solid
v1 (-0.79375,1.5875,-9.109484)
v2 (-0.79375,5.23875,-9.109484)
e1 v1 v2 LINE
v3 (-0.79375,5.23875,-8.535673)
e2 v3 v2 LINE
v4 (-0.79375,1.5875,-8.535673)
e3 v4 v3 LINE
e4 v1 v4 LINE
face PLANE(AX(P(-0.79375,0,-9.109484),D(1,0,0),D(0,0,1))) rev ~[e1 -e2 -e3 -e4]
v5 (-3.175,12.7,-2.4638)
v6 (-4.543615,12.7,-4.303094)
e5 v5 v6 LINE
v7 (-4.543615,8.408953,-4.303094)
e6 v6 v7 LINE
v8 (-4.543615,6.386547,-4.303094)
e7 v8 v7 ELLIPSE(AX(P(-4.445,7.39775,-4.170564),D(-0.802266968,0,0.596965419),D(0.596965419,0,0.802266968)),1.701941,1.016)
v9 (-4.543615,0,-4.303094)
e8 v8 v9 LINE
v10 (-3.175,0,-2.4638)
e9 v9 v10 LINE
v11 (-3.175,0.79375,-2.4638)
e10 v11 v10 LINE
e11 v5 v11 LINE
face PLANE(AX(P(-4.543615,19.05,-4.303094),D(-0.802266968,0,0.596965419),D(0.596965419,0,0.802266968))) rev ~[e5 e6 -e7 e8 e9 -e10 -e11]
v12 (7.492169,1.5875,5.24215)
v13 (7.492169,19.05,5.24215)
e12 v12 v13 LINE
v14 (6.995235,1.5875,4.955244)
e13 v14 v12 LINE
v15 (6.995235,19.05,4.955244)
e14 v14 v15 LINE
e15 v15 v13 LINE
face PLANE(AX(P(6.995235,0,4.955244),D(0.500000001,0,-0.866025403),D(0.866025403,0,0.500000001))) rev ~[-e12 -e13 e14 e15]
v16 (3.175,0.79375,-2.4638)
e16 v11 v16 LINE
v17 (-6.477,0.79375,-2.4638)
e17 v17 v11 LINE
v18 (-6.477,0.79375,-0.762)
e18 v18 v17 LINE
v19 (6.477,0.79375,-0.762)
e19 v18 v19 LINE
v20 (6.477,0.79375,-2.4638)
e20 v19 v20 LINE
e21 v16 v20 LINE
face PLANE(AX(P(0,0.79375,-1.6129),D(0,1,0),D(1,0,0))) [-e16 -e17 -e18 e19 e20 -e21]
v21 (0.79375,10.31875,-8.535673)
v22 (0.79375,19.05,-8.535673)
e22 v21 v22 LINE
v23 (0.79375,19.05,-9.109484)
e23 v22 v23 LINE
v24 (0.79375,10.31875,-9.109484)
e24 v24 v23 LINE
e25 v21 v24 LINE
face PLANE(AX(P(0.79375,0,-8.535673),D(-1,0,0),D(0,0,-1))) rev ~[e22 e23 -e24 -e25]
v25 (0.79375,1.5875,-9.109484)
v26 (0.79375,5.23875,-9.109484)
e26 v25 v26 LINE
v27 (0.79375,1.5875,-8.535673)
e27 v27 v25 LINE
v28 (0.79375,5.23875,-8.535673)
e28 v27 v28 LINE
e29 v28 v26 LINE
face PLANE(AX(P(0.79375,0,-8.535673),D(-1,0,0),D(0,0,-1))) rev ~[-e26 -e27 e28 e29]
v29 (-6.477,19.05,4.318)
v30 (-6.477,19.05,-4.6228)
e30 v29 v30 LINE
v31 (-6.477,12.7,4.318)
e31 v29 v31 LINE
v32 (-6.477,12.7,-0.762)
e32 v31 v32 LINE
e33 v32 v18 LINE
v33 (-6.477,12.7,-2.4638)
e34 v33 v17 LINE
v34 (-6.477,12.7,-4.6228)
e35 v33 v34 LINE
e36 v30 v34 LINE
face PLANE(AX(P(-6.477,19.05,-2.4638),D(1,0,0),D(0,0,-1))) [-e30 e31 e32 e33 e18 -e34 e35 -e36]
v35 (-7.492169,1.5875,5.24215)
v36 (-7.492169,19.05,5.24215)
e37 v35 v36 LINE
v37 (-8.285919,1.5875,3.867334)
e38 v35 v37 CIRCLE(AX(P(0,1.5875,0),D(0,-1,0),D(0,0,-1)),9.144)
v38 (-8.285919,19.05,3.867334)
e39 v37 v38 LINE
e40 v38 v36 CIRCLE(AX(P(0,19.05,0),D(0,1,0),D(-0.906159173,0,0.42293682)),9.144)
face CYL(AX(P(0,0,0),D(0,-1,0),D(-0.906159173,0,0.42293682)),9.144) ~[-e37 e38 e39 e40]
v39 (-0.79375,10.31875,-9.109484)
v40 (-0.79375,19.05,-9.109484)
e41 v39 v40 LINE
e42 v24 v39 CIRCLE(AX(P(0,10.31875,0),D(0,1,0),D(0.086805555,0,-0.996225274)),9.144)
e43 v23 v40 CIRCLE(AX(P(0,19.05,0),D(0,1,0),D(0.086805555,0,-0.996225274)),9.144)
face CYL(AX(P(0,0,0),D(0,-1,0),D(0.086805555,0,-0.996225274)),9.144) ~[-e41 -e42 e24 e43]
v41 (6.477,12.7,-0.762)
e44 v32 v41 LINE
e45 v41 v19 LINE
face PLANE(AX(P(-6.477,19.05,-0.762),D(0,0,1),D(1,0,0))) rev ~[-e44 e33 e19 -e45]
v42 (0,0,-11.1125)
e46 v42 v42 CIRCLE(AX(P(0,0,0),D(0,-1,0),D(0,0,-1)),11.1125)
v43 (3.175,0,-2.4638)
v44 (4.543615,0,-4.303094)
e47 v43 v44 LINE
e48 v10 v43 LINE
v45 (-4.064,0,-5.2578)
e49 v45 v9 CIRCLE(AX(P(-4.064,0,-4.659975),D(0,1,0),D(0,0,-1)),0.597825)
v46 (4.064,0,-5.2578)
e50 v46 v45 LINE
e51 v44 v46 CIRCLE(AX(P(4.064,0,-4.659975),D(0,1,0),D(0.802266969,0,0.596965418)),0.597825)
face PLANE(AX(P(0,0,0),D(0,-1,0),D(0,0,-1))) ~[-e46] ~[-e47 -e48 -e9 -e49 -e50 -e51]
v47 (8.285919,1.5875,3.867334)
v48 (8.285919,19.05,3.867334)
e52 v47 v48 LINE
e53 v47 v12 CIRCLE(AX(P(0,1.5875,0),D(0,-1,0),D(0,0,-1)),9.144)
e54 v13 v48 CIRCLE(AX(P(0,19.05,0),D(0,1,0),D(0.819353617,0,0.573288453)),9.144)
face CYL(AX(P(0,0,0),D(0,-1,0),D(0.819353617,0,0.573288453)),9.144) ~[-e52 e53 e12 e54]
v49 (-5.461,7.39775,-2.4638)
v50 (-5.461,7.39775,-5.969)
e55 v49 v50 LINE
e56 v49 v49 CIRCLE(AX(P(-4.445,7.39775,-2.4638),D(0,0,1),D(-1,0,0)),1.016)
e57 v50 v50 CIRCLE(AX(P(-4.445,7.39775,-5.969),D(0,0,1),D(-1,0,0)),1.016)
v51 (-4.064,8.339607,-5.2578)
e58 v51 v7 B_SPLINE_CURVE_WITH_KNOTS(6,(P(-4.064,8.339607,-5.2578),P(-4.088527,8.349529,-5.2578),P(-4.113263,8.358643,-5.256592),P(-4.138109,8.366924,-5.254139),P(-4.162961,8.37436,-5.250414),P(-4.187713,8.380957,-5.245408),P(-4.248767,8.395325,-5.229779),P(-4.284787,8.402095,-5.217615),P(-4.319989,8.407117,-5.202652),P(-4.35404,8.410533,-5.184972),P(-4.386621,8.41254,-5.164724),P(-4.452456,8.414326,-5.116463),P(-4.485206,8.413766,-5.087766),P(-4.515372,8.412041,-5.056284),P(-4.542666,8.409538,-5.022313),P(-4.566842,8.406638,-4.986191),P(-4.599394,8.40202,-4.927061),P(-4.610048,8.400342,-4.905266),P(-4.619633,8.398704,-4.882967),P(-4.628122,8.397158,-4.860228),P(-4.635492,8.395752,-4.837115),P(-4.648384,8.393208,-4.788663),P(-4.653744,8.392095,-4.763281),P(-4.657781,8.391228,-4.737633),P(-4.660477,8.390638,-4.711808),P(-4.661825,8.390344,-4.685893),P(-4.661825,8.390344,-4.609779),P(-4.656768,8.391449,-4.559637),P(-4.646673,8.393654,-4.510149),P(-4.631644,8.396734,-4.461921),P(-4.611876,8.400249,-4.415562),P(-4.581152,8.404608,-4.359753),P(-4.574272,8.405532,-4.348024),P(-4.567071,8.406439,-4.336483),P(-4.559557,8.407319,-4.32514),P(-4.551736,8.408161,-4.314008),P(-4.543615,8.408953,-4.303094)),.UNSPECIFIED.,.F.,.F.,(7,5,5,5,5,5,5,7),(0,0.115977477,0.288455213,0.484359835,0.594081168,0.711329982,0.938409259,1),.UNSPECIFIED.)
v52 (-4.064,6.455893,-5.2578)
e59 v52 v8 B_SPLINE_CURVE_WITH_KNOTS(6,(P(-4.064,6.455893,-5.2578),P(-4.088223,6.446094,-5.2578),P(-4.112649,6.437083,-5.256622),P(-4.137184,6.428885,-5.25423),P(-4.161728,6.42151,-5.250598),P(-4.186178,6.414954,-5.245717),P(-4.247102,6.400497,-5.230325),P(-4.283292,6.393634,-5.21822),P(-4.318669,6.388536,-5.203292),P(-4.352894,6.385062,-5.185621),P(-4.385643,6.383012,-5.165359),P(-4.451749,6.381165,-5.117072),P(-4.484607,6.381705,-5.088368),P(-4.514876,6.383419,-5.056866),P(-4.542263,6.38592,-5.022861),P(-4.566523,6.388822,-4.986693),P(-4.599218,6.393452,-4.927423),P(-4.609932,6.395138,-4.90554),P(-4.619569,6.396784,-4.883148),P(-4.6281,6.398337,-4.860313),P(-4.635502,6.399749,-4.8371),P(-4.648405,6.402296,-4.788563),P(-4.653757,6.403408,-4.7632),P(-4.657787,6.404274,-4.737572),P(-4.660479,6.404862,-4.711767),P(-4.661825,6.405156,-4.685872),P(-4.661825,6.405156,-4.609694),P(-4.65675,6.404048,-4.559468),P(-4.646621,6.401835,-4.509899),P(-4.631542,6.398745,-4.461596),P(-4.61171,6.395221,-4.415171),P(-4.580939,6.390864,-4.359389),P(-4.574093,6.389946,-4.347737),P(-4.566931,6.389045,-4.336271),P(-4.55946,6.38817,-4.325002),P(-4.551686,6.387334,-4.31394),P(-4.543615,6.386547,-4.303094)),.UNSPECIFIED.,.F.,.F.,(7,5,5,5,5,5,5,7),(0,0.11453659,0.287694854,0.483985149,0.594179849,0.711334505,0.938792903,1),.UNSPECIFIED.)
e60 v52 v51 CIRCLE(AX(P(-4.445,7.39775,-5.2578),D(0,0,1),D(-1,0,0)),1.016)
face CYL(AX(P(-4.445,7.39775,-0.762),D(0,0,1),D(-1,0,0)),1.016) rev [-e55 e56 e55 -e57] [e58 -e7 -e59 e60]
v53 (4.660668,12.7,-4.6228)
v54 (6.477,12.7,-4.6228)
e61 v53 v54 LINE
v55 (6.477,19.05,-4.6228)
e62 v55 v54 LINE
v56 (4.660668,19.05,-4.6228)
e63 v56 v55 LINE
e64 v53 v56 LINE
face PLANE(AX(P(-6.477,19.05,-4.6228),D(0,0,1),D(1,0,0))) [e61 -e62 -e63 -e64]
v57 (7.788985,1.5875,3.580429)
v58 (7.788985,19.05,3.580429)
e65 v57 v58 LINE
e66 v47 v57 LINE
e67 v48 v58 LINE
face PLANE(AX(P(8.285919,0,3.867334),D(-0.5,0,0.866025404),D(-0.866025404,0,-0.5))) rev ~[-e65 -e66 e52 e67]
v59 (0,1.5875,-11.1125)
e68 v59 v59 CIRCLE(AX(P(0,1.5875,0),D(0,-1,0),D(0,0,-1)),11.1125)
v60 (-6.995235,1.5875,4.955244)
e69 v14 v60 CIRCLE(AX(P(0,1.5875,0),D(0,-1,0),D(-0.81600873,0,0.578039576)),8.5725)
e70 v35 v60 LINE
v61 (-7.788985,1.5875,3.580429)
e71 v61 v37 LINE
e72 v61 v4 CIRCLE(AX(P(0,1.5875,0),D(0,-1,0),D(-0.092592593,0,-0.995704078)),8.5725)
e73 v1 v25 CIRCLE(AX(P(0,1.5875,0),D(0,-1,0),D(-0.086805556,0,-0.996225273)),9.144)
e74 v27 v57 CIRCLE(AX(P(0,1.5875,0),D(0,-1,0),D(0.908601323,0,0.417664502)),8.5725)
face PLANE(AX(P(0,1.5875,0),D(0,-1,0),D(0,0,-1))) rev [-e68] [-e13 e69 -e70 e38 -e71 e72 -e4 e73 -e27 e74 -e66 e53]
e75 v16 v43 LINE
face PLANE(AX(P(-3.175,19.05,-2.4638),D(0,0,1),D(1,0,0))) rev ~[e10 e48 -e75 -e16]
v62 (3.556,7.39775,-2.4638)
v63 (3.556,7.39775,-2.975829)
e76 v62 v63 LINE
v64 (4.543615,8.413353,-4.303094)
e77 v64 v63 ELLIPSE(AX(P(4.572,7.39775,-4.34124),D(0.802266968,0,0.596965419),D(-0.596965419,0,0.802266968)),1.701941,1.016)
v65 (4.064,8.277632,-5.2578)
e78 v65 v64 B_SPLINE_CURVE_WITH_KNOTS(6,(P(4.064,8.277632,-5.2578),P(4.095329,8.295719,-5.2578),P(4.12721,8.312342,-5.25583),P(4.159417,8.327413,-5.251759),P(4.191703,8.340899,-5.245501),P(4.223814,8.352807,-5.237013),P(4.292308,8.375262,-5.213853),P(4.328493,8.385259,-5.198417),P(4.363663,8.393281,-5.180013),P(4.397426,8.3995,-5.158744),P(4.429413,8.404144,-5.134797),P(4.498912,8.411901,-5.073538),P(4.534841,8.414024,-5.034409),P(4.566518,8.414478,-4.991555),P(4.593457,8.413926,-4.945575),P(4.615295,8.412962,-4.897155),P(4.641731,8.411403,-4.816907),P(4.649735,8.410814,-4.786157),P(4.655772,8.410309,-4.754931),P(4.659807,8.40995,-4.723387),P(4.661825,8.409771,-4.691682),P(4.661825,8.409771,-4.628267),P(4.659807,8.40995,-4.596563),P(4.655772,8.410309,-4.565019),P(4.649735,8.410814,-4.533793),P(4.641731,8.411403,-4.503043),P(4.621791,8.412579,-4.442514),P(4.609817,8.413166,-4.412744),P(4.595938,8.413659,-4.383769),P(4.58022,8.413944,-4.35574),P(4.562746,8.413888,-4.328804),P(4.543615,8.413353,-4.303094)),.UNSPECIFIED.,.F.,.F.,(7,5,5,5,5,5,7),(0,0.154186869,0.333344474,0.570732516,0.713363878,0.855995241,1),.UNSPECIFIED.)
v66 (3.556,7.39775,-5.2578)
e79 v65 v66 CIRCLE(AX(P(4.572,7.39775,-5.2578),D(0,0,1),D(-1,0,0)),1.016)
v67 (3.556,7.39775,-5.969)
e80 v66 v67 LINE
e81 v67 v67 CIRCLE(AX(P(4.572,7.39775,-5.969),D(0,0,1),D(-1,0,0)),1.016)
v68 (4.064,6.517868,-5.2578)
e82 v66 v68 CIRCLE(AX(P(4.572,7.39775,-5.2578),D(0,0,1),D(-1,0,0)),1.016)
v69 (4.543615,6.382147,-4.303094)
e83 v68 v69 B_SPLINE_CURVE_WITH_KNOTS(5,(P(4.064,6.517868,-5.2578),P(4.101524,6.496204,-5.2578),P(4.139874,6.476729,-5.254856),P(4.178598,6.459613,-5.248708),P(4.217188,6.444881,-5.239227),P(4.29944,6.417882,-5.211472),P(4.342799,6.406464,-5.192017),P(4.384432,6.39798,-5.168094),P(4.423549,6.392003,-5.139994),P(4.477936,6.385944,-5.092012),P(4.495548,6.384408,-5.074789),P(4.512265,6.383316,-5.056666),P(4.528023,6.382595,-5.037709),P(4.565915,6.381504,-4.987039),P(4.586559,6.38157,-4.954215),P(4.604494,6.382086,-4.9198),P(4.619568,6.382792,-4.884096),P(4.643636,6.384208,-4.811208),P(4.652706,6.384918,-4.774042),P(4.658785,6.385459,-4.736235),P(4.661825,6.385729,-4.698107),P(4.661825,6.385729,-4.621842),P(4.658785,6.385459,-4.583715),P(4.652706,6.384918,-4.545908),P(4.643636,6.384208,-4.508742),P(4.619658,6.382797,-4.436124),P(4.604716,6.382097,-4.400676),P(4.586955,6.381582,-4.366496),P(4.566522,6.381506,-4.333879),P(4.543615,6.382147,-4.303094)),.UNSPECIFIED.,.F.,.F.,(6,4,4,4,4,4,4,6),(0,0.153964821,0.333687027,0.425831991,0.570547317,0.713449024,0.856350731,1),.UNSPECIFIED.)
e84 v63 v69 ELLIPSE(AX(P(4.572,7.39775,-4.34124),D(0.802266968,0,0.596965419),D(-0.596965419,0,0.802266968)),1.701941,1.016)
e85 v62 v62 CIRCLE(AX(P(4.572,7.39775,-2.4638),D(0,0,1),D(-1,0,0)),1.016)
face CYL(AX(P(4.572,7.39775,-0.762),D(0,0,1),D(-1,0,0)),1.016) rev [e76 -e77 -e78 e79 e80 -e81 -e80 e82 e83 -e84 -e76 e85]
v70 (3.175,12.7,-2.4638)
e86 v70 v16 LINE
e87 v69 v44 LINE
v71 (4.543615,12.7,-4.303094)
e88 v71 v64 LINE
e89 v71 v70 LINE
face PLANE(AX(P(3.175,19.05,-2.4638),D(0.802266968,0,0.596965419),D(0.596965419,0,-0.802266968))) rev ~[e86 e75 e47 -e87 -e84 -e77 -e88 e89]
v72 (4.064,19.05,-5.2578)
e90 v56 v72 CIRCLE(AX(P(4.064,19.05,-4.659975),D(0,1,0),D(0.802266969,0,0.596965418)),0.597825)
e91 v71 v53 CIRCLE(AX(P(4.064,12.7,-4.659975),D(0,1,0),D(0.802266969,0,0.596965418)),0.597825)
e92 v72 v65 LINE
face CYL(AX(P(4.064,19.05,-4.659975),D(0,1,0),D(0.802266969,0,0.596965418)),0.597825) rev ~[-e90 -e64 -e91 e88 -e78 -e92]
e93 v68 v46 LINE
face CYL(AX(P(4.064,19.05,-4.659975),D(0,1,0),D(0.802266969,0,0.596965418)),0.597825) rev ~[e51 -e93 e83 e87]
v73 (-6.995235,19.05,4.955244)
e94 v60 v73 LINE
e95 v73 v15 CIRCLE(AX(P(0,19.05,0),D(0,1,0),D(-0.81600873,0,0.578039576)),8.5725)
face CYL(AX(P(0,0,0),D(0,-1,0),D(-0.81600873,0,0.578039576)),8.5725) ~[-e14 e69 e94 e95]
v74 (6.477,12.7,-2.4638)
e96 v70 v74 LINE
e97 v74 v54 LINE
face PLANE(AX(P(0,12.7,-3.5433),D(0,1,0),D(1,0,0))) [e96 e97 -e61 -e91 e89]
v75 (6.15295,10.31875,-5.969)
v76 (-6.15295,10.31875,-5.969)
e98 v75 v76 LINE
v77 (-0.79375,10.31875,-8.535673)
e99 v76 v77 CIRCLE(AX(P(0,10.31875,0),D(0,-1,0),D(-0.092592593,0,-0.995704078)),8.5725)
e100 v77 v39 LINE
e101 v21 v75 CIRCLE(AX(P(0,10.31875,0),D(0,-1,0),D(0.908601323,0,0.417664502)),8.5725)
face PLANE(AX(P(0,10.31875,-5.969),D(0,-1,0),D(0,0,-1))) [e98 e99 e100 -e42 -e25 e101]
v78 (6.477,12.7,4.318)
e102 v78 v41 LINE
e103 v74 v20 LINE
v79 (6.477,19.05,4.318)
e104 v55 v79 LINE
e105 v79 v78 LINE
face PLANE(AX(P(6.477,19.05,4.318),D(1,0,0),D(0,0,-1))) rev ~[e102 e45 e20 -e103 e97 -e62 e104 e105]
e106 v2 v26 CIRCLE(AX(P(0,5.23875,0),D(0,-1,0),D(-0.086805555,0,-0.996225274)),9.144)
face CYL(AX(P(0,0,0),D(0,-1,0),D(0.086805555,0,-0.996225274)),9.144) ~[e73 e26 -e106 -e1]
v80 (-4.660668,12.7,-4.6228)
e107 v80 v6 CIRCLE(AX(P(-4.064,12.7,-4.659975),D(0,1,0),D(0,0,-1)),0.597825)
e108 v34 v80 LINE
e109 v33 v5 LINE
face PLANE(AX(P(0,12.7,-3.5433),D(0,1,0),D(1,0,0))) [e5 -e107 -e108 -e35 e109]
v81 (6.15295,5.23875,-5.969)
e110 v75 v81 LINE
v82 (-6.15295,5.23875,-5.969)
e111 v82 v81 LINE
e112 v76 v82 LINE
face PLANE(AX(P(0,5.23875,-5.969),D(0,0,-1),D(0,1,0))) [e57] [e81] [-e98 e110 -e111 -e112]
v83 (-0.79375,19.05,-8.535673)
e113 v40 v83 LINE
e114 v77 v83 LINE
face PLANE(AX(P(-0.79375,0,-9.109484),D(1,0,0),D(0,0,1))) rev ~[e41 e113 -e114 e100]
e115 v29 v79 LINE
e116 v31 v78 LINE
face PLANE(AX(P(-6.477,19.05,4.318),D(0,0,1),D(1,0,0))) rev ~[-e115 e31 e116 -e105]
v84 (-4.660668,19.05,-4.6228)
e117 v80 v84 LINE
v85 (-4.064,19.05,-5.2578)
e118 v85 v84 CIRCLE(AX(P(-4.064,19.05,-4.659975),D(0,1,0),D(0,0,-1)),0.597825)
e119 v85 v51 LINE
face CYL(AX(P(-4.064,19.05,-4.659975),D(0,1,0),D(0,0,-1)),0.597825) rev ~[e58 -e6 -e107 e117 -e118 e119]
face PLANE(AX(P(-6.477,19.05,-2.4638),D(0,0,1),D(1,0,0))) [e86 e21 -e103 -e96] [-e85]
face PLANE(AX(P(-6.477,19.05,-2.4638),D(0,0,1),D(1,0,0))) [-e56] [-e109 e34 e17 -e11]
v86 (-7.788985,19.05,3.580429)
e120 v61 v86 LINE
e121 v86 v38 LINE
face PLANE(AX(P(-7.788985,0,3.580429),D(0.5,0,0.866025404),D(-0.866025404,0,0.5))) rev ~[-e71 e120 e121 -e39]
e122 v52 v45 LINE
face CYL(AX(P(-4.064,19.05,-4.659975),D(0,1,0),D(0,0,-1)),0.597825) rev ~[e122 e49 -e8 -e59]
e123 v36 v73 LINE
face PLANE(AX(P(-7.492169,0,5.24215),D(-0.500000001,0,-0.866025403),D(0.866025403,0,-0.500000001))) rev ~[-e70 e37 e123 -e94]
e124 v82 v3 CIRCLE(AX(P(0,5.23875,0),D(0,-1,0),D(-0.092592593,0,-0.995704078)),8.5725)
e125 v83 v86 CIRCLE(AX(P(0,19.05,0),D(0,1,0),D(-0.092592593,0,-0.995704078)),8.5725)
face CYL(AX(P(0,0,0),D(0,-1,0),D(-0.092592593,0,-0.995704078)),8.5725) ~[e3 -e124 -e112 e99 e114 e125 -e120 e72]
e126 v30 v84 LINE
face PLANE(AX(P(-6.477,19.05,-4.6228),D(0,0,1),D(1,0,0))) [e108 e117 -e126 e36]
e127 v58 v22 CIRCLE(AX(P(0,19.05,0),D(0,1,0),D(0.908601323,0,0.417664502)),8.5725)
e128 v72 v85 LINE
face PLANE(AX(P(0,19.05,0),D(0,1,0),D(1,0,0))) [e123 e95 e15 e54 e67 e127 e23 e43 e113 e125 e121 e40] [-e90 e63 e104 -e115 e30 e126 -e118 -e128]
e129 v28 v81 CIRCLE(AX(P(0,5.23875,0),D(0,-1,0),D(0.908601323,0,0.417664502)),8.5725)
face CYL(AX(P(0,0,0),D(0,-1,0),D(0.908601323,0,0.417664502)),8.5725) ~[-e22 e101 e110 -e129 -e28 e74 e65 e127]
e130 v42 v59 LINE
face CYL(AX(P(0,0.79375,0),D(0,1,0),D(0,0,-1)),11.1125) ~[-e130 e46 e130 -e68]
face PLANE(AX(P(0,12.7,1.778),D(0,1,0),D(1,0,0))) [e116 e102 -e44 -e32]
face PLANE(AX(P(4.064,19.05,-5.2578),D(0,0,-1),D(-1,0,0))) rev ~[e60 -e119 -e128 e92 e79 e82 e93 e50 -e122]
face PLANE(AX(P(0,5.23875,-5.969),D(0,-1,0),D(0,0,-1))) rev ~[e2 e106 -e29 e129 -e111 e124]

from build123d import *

# Parameters (mm, degrees)
BOSS_EXTRUDE1_DEPTH     = 19.05
CUT_EXTRUDE1_DEPTH      = 23.803574111
CUT_EXTRUDE2_DEPTH      = 18.25625
SKETCH6_W               = 0.608326788
SKETCH6_H               = 1.5875
SKETCH8_W               = 2.576826788
SKETCH8_H               = 1.5875
SKETCH9_W               = 12.954
SKETCH9_H               = 5.08
SKETCH9_H_2             = 2.159
CUT_EXTRUDE3_DEPTH      = 6.35
CUT_EXTRUDE5_DEPTH      = 25.695704333
CUT_EXTRUDE5_DEPTH_BACK = 25.695704333
SKETCH11_W              = 3.175
SKETCH11_H              = 5.08
SKETCH10_R              = 1.016
CUT_EXTRUDE6_DEPTH      = 26.047832371


with BuildPart() as part:
    # Sketch1 → Boss-Extrude1 (new body)
    with BuildSketch(Plane(origin=(0, 0, 0), x_dir=(1, 0, 0), z_dir=(0, 1, 0))):
        with BuildLine():
            Line((-0.79375, 9.109483901), (-0.79375, 8.535673212))
            ThreePointArc((-0.79375, 8.535673212), (-7.424002774, 4.28625), (-7.78898484, -3.580428942))
            Line((-7.78898484, -3.580428942), (-8.285919473, -3.867334286))
            ThreePointArc((-8.285919473, -3.867334286), (-7.918936292, -4.572), (-7.492169473, -5.242149615))
            Line((-7.492169473, -5.242149615), (-6.99523484, -4.95524427))
            ThreePointArc((-6.99523484, -4.95524427), (0, -8.5725), (6.99523484, -4.95524427))
            Line((6.99523484, -4.95524427), (7.492169473, -5.242149615))
            ThreePointArc((7.492169473, -5.242149615), (7.918936292, -4.572), (8.285919473, -3.867334286))
            Line((8.285919473, -3.867334286), (7.78898484, -3.580428942))
            ThreePointArc((7.78898484, -3.580428942), (7.424002774, 4.28625), (0.79375, 8.535673212))
            Line((0.79375, 8.535673212), (0.79375, 9.109483901))
            ThreePointArc((0.79375, 9.109483901), (0, 9.144), (-0.79375, 9.109483901))
        make_face()
    extrude(amount=BOSS_EXTRUDE1_DEPTH)

    # Sketch2 → Cut-Extrude1 (cut, through all)
    with BuildSketch(Plane(origin=(0, 19.05, 0), x_dir=(1, 0, 0), z_dir=(0, 1, 0))):
        with BuildLine():
            Line((-4.543615348, 4.303093955), (-3.175, 2.4638))
            Line((-3.175, 2.4638), (3.175, 2.4638))
            Line((3.175, 2.4638), (4.543615348, 4.303093955))
            ThreePointArc((4.543615348, 4.303093955), (4.598203733, 4.928342625), (4.064, 5.2578))
            Line((4.064, 5.2578), (-4.064, 5.2578))
            ThreePointArc((-4.064, 5.2578), (-4.598203733, 4.928342625), (-4.543615348, 4.303093955))
        make_face()
    extrude(amount=-CUT_EXTRUDE1_DEPTH, mode=Mode.SUBTRACT)

    # Sketch2<4> → Cut-Extrude2 (cut)
    with BuildSketch(Plane(origin=(0, 19.05, 0), x_dir=(1, 0, 0), z_dir=(0, 1, 0))):
        Polygon((3.175, 2.4638), (-3.175, 2.4638), (-6.477, 2.4638), (-6.477, 0.762), (6.477, 0.762), (6.477, 2.4638), align=None)
    extrude(amount=-CUT_EXTRUDE2_DEPTH, mode=Mode.SUBTRACT)

    # Sketch6 → Cut-Revolve2 (revolve, cut)
    with BuildSketch(Plane(origin=(0, 0, 0), x_dir=(0, 0, -1), z_dir=(1, 0, 0))):
        with Locations((8.839836606, 0.79375)):
            Rectangle(SKETCH6_W, SKETCH6_H)
    revolve(axis=Axis((0, 19.730213777, 0), (0, -1, 0)), mode=Mode.SUBTRACT)

    # Sketch8 → Revolve2 (revolve)
    with BuildSketch(Plane(origin=(0, 0, 0), x_dir=(0, 0, -1), z_dir=(1, 0, 0))):
        with Locations((9.824086606, 0.79375)):
            Rectangle(SKETCH8_W, SKETCH8_H)
    revolve(axis=Axis((0, 4.48386458, 0), (0, -1, 0)))

    # Sketch9 → Cut-Extrude3 (cut)
    with BuildSketch(Plane(origin=(0, 19.05, 0), x_dir=(1, 0, 0), z_dir=(0, 1, 0))):
        with Locations((0, -1.778)):
            Rectangle(SKETCH9_W, SKETCH9_H)
        with Locations((0, 3.5433)):
            Rectangle(SKETCH9_W, SKETCH9_H_2)
    extrude(amount=-CUT_EXTRUDE3_DEPTH, mode=Mode.SUBTRACT)

    # Sketch11 → Cut-Extrude5 (cut, two sides: drawn at the far end of the back side and taken through both)
    with BuildSketch(Plane(origin=(0, 0, 0), x_dir=(0, 0, -1), z_dir=(1, 0, 0)).offset(-CUT_EXTRUDE5_DEPTH_BACK)):
        with Locations((7.5565, 7.77875)):
            Rectangle(SKETCH11_W, SKETCH11_H)
    extrude(amount=CUT_EXTRUDE5_DEPTH + CUT_EXTRUDE5_DEPTH_BACK, mode=Mode.SUBTRACT)

    # Sketch10 → Cut-Extrude6 (cut, through all)
    with BuildSketch(Plane(origin=(0, 0, -0.762), x_dir=(-1, 0, 0), z_dir=(0, 0, -1))):
        with Locations((-4.572, 7.39775)):
            Circle(SKETCH10_R)
        with Locations((4.445, 7.39775)):
            Circle(SKETCH10_R)
    extrude(amount=CUT_EXTRUDE6_DEPTH, mode=Mode.SUBTRACT)


solid = part.part
